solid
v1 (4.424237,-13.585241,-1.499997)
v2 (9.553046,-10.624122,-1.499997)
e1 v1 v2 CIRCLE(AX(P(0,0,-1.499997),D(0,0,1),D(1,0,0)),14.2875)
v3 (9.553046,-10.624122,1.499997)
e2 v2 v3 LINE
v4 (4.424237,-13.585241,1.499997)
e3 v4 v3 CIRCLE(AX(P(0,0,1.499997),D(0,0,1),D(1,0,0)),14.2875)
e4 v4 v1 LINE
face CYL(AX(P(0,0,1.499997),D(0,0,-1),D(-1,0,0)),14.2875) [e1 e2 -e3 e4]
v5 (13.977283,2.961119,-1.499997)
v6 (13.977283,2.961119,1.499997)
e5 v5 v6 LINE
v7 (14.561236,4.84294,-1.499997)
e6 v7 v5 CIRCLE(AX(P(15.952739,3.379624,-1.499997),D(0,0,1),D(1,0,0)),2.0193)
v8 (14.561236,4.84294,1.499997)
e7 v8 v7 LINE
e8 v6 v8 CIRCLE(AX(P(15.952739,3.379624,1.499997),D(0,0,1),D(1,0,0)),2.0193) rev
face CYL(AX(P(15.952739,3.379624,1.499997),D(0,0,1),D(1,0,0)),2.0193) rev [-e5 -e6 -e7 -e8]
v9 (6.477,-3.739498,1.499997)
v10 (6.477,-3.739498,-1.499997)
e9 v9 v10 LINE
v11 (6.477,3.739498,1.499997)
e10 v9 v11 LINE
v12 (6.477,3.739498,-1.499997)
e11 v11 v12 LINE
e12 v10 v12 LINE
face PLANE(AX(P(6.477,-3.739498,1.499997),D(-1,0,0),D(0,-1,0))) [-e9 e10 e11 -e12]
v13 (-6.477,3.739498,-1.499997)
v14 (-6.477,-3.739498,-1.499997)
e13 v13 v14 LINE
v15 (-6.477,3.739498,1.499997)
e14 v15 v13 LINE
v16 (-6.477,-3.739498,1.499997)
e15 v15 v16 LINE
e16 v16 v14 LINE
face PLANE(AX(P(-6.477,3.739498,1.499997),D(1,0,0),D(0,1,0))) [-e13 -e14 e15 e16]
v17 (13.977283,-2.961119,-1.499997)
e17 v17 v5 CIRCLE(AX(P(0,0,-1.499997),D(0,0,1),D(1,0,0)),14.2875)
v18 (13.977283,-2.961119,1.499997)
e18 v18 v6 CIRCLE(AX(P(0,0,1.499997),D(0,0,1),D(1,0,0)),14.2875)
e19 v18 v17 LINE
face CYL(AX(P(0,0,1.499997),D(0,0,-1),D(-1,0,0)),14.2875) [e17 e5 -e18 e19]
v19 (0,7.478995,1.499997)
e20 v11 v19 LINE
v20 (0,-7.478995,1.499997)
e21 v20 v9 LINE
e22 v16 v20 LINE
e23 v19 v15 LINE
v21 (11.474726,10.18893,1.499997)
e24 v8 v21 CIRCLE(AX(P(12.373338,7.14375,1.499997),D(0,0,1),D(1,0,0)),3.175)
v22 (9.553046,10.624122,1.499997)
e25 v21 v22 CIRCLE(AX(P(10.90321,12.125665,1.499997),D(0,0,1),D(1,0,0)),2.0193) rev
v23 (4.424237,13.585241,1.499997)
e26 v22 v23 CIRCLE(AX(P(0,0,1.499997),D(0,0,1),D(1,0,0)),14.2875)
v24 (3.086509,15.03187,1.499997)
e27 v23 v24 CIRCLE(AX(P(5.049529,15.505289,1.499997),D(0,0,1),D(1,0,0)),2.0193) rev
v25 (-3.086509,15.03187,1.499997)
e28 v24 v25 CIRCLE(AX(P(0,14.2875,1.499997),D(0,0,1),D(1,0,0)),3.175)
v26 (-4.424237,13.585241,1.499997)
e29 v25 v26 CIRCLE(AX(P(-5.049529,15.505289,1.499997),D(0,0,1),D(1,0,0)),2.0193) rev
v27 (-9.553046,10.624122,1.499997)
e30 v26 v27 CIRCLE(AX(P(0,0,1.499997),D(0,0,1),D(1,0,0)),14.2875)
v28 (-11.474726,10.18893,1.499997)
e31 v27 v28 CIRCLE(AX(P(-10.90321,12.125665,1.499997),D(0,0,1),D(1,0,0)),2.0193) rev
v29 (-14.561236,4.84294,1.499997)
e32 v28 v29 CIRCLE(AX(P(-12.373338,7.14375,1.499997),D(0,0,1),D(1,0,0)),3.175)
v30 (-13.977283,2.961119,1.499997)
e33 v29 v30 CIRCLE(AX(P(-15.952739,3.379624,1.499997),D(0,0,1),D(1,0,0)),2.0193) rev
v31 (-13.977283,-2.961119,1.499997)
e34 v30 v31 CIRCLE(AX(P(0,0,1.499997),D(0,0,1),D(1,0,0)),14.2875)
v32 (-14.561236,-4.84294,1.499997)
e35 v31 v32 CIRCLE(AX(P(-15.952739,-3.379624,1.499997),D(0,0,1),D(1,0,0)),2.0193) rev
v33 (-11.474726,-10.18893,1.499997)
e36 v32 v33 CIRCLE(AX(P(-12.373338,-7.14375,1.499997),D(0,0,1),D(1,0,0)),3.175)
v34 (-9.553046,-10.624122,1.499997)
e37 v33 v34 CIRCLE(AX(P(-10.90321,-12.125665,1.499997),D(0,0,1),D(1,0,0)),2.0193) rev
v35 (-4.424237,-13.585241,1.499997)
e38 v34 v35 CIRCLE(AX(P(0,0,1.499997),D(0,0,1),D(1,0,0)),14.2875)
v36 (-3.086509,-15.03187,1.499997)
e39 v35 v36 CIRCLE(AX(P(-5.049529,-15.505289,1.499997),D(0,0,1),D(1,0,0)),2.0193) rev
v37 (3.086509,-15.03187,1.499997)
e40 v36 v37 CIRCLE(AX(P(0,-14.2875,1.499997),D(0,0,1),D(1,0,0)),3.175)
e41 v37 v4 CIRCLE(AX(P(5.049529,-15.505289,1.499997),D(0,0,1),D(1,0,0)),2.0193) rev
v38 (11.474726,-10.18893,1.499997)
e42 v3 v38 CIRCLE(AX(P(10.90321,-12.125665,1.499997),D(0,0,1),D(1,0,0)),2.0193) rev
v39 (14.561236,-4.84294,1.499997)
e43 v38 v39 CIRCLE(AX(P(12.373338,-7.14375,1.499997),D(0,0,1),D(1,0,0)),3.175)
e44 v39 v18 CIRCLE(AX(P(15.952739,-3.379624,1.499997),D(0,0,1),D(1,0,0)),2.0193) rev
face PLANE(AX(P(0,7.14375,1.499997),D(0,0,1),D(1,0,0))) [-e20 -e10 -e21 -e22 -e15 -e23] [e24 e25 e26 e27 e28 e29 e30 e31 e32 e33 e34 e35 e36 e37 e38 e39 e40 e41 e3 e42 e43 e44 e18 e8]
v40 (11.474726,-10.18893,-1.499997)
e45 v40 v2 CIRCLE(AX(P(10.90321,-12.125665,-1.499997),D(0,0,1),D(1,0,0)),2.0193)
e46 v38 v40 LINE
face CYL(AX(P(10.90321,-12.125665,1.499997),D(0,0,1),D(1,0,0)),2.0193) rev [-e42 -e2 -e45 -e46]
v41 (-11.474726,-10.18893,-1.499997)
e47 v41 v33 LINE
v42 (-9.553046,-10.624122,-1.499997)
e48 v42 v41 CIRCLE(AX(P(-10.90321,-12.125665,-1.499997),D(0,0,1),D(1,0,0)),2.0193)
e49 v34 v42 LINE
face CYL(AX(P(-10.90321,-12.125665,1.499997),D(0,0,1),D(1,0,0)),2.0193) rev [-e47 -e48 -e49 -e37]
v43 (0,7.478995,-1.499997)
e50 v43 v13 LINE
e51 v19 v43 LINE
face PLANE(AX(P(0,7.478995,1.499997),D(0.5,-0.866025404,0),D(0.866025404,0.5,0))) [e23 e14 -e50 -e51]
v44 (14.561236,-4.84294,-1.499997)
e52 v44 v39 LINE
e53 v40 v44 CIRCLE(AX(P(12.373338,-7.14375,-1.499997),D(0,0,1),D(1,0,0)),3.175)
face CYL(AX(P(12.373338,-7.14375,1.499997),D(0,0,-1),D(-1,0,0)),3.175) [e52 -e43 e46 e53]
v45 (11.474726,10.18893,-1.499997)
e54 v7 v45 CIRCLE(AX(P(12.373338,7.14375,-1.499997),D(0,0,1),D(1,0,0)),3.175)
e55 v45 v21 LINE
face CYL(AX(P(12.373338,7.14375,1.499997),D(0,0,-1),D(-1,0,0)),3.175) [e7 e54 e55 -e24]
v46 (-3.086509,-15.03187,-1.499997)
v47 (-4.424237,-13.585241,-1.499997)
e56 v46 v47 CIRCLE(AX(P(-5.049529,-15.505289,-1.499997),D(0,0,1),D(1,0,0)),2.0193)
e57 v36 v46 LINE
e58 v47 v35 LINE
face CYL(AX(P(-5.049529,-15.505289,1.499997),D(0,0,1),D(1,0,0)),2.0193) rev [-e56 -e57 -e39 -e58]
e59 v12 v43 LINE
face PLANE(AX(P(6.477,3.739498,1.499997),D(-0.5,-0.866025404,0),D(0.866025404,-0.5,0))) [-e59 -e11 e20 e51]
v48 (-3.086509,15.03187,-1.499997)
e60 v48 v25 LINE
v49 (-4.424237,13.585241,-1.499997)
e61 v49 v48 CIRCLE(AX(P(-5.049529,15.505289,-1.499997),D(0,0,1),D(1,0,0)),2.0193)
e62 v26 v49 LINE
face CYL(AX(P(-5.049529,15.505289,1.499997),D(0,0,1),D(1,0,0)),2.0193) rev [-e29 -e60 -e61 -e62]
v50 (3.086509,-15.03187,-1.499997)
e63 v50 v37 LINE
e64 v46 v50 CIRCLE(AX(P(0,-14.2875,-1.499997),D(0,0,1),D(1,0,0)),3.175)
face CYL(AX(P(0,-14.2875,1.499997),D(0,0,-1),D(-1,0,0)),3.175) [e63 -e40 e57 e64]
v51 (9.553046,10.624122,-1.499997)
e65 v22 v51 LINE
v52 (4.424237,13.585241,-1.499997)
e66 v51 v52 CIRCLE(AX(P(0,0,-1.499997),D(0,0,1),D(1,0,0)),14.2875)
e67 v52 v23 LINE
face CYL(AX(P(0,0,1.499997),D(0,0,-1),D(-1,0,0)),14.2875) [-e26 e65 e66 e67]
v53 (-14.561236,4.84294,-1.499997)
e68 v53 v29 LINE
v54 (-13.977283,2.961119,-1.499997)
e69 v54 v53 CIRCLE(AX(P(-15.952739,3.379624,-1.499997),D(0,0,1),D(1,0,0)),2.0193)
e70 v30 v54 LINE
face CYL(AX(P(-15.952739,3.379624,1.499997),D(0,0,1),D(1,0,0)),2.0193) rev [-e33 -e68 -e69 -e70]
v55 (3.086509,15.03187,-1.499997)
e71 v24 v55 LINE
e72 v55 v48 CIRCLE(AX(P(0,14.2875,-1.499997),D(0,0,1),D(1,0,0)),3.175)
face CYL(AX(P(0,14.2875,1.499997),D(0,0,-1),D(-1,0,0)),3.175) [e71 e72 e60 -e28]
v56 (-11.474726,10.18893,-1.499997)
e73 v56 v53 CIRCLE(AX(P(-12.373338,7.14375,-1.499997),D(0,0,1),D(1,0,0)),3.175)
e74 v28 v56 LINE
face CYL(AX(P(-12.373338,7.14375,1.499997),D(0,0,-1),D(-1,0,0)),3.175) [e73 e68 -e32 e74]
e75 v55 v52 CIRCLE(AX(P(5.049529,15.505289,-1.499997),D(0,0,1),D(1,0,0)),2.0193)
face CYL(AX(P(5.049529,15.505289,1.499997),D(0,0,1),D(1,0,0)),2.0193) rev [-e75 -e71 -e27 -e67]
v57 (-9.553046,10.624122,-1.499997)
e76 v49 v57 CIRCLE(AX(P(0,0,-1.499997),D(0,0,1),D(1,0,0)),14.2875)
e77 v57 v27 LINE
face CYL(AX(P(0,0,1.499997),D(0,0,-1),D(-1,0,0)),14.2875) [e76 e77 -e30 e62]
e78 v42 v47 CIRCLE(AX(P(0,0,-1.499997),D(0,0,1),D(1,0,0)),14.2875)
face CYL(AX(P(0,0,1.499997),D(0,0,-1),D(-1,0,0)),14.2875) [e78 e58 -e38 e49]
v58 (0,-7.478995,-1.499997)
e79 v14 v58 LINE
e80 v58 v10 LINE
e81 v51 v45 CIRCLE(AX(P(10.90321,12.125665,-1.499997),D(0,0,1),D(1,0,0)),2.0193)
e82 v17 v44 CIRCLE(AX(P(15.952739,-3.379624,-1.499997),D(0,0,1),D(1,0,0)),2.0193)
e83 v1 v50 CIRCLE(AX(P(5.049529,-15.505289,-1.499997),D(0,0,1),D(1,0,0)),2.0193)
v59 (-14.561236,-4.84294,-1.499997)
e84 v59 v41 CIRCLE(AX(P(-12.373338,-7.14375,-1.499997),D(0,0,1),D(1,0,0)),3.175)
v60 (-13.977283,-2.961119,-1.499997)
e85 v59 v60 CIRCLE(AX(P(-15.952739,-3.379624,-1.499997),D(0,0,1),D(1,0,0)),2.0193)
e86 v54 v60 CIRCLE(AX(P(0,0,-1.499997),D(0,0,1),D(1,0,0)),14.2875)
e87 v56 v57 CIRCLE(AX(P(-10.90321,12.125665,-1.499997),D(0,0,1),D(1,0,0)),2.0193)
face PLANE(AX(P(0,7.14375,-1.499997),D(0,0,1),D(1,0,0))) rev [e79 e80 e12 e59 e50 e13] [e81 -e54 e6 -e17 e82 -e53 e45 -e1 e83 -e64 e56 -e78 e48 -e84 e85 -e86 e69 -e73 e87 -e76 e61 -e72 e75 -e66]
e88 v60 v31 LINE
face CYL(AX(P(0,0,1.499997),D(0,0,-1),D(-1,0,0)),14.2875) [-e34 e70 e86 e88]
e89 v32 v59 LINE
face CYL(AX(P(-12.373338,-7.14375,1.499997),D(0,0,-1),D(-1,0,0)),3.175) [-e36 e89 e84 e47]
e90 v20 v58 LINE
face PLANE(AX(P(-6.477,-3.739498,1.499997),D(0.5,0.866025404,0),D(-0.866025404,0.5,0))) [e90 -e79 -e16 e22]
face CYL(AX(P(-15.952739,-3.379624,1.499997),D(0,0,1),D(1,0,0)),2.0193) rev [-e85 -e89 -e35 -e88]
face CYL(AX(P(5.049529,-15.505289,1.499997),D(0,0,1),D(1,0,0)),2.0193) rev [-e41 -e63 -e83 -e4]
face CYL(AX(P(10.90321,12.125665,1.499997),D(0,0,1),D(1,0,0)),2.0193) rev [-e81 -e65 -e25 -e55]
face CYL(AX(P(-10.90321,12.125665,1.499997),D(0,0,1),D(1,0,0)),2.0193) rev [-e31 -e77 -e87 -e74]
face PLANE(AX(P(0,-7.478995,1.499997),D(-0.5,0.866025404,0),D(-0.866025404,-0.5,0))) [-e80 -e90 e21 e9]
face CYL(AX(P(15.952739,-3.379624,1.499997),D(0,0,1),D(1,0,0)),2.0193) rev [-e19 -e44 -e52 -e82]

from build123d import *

# Parameters (mm, degrees)
BOSS_EXTRUDE1_DEPTH = 1.499997
FILLET1_R           = 2.0193


with BuildPart() as part:
    # Sketch1 → Boss-Extrude1 (new, symmetric)
    with BuildSketch(Plane.XY):
        with BuildLine():
            ThreePointArc((-13.645493623, 4.234756195), (-14.2875, 0), (-13.645493623, -4.234756195))
            ThreePointArc((-13.645493623, -4.234756195), (-15.122968614, -8.73125), (-10.490153255, -9.699966028))
            ThreePointArc((-10.490153255, -9.699966028), (-7.14375, -12.373337957), (-3.155340368, -13.934722222))
            ThreePointArc((-3.155340368, -13.934722222), (0, -17.4625), (3.155340368, -13.934722222))
            ThreePointArc((3.155340368, -13.934722222), (7.14375, -12.373337957), (10.490153255, -9.699966028))
            ThreePointArc((10.490153255, -9.699966028), (15.122968614, -8.73125), (13.645493623, -4.234756195))
            ThreePointArc((13.645493623, -4.234756195), (14.2875, 0), (13.645493623, 4.234756195))
            ThreePointArc((13.645493623, 4.234756195), (15.122968614, 8.73125), (10.490153255, 9.699966028))
            ThreePointArc((10.490153255, 9.699966028), (7.14375, 12.373337957), (3.155340368, 13.934722222))
            ThreePointArc((3.155340368, 13.934722222), (0, 17.4625), (-3.155340368, 13.934722222))
            ThreePointArc((-3.155340368, 13.934722222), (-7.14375, 12.373337957), (-10.490153255, 9.699966028))
            ThreePointArc((-10.490153255, 9.699966028), (-15.122968614, 8.73125), (-13.645493623, 4.234756195))
        make_face()
        Polygon((0, 7.478995387), (-6.477, 3.739497694), (-6.477, -3.739497694), (0, -7.478995387), (6.477, -3.739497694), (6.477, 3.739497694), align=None, mode=Mode.SUBTRACT)
    extrude(amount=BOSS_EXTRUDE1_DEPTH, both=True)

    # Fillet1
    fillet1_edges = [part.edges().sort_by_distance(p)[0] for p in [
        (10.490153255, 9.699966028, 0),
        (13.645493623, 4.234756195, 0),
        (13.645493623, -4.234756195, 0),
        (10.490153255, -9.699966028, 0),
        (3.155340368, -13.934722222, 0),
        (-3.155340368, -13.934722222, 0),
        (-10.490153255, -9.699966028, 0),
        (-13.645493623, -4.234756195, 0),
        (-13.645493623, 4.234756195, 0),
        (-10.490153255, 9.699966028, 0),
        (-3.155340368, 13.934722222, 0),
        (3.155340368, 13.934722222, 0),
    ]]
    fillet(fillet1_edges, radius=FILLET1_R)


solid = part.part
